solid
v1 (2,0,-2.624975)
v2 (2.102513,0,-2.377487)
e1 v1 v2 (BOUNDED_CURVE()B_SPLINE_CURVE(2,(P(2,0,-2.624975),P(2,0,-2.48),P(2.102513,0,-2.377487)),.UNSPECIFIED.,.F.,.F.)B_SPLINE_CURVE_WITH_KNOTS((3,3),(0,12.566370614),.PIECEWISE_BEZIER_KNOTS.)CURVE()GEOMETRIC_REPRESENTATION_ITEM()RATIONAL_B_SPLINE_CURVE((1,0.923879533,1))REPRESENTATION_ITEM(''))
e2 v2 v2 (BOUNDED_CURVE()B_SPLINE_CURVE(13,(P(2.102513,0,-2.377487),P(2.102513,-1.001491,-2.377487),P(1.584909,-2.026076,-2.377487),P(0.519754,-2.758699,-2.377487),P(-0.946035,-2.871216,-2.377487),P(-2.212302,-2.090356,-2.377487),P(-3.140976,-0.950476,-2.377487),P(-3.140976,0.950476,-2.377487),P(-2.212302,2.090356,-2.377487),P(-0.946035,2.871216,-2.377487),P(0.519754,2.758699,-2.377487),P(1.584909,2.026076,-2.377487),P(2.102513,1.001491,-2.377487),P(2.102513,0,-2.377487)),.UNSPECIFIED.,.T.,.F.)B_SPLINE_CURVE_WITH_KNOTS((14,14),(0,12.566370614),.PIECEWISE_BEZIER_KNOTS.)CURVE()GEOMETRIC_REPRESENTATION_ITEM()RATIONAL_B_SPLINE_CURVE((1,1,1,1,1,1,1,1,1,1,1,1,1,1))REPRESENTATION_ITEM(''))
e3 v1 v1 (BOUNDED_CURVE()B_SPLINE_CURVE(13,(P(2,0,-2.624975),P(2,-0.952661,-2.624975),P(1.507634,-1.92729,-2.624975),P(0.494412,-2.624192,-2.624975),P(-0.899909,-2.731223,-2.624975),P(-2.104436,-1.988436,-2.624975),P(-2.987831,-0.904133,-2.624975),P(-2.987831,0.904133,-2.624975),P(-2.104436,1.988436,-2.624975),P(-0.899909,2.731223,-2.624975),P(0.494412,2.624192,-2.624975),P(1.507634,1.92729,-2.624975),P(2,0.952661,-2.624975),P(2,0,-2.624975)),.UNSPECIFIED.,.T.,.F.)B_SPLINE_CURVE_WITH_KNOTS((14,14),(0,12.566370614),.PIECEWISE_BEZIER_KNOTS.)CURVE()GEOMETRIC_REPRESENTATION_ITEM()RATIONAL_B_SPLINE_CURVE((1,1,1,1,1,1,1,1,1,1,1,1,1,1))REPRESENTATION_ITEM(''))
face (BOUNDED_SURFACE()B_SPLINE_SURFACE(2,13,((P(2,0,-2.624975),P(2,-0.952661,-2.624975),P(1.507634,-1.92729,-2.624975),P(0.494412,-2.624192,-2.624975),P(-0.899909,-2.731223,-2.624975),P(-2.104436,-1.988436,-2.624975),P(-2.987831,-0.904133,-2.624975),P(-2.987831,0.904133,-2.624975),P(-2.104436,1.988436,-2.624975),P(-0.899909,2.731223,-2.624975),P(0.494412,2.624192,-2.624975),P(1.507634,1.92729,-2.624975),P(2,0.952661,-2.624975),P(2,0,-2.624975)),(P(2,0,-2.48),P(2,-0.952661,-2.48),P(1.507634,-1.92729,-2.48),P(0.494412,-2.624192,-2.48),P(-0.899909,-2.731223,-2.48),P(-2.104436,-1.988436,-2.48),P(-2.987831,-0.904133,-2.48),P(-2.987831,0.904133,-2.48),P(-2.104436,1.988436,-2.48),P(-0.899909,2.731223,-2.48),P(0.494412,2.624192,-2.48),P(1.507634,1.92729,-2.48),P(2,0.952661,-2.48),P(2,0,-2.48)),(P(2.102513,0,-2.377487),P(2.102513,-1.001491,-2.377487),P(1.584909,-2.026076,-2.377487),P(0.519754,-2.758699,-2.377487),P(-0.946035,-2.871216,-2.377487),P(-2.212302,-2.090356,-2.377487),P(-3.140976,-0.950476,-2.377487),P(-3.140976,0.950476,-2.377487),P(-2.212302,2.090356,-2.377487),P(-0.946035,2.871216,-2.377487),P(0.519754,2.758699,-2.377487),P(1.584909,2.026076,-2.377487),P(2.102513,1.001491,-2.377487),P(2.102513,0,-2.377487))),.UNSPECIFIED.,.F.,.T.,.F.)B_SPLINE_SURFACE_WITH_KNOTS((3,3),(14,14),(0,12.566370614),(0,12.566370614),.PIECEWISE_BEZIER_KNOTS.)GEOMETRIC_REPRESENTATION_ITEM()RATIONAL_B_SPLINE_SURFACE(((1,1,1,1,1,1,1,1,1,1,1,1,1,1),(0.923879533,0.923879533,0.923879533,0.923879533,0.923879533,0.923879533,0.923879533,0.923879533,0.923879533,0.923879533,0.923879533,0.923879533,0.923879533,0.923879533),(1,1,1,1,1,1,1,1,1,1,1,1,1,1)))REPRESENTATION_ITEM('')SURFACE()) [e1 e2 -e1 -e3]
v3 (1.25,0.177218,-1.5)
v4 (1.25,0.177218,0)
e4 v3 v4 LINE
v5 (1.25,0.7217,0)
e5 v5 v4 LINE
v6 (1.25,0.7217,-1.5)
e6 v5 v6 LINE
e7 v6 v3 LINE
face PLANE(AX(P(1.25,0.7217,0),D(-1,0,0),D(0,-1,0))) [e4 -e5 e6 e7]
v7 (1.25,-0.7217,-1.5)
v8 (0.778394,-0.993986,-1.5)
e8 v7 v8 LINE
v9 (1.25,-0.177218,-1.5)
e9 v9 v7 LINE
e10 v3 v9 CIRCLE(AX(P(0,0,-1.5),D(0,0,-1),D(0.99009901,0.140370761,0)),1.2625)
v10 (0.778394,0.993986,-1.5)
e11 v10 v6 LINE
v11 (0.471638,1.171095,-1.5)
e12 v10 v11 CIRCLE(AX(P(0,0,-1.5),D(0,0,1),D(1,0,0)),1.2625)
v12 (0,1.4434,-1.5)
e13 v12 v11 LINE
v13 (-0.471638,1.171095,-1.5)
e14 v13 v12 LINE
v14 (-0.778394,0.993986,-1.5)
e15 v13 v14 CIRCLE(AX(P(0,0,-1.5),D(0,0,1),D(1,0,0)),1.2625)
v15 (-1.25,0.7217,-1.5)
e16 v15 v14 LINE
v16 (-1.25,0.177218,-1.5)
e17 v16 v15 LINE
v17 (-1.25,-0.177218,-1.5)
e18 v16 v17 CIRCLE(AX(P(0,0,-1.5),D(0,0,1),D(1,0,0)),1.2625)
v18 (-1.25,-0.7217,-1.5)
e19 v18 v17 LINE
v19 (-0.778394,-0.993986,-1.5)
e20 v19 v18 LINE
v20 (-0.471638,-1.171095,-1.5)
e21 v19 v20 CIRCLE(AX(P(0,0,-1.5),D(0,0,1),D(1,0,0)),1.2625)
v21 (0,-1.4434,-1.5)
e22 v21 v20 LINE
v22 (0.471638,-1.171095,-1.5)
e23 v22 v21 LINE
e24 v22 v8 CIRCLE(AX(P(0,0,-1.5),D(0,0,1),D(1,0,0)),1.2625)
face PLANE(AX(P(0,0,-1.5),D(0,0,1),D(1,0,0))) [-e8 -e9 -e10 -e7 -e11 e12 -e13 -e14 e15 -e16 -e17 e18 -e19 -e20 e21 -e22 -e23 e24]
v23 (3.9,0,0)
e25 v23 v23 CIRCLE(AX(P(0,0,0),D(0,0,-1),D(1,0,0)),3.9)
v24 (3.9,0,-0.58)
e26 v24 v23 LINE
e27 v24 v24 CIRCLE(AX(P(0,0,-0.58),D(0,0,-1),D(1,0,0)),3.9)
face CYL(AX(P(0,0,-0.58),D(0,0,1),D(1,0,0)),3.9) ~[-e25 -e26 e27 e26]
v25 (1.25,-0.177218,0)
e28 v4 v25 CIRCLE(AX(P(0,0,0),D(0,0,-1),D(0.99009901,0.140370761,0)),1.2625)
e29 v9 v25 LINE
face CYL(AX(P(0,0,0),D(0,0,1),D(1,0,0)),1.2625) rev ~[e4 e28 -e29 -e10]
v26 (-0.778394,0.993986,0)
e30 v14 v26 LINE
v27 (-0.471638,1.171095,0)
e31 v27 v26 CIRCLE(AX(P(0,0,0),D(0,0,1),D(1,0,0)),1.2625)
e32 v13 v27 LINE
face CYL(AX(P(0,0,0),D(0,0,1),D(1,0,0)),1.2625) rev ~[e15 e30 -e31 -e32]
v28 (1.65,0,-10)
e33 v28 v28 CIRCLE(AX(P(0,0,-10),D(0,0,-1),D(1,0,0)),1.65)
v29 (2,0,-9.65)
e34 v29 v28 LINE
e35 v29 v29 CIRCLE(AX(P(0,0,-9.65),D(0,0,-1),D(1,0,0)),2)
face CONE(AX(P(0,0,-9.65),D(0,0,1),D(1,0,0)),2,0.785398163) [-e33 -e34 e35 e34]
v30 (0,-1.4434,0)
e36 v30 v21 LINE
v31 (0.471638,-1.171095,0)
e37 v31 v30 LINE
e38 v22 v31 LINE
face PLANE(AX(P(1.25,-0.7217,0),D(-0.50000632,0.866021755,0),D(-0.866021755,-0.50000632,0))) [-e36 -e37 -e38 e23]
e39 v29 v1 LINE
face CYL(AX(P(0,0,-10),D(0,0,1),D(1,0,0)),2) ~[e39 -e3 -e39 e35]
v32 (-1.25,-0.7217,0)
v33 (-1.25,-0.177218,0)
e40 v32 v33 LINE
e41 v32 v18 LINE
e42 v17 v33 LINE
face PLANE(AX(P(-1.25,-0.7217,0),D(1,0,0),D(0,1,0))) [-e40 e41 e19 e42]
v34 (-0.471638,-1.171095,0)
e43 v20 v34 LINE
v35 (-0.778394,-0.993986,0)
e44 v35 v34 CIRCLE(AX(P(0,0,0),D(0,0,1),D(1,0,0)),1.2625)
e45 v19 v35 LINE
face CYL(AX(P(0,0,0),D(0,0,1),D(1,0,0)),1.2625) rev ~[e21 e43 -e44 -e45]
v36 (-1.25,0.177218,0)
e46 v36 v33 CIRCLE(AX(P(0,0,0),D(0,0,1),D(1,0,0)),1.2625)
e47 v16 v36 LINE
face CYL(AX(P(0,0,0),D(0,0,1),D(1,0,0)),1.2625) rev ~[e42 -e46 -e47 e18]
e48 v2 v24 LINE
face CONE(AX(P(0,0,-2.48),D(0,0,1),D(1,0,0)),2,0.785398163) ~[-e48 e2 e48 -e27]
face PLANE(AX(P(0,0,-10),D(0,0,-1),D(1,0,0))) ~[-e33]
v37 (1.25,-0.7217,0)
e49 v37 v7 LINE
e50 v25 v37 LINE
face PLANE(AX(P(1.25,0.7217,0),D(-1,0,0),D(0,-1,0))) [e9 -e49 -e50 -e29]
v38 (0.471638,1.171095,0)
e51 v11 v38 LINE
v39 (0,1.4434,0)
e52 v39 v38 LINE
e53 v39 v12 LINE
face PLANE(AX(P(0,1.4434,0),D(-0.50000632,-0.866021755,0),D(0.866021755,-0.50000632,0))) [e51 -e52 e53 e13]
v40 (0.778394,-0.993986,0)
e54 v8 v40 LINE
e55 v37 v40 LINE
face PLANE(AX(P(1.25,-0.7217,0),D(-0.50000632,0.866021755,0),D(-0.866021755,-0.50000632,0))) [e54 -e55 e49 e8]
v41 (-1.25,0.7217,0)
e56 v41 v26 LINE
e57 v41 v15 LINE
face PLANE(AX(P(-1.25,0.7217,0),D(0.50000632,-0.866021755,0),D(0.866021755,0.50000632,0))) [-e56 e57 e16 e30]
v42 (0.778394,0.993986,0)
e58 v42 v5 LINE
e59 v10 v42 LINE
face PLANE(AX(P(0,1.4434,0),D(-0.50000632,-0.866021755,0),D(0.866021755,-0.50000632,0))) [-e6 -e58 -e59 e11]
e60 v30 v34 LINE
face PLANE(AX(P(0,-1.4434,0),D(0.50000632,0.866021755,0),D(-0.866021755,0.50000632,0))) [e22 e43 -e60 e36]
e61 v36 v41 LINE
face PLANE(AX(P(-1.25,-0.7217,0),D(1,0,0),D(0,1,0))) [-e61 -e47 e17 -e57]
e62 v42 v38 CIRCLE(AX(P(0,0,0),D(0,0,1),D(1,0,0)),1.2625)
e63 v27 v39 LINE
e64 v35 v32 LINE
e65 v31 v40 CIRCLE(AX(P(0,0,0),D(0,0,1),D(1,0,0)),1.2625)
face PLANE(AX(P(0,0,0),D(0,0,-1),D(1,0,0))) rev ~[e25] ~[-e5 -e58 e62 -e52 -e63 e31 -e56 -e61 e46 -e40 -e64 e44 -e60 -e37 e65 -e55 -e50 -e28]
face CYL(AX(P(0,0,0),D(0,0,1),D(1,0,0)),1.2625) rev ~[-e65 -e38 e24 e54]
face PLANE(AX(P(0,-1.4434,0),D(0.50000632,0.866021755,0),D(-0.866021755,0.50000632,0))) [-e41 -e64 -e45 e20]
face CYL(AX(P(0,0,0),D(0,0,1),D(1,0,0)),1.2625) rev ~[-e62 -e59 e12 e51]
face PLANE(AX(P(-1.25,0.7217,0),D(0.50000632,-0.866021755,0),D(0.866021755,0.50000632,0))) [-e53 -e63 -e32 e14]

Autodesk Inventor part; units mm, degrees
ref_plane "YZ Plane" through (0, 0, 0) normal (1, 0, 0) x (0, 1, 0)
sketch "Esquisse2" plane through (0, 0, 0) normal (0, 1, 0) x (-1, 0, 0)
  line L0 (0, -10) -> (-2, -10)
  line L1 (0, 0) -> (0, -10)
  line L2 (-3.9, 0) -> (0, 0)
  line L3 (-3.9, -0.58) -> (-3.9, 0)
  line L4 (-2, -2.48) -> (-3.9, -0.58)
  line L5 (-2, -10) -> (-2, -2.48)
  line L6 (0, 0) -> (0, -10)
  dimension "d2" = 45
  dimension "d4" = 2
  dimension "d6" = 3.9
  dimension "d8" = 2.48
  dimension "d10" = 10
revolve "Révolution1" add sketch "Esquisse2" angle 360 about axis through (0, 0, 0) along (0, 0, -1)
fillet "Congé1" radius 0.35 1 edges at (-2, 0, -2.48)
chamfer "Chanfrein1" distance 0.35 angle 45 1 edges at (-2, 0, -10)
sketch "Esquisse4" plane through (0, 0, 0) normal (0, 0, 1) x (1, 0, 0)
  circle A0 centre (0, 0) radius 3.9 projected
  circle A1 centre (0, 0) radius 1.25 construction
  line L0 (-1.25, -0.7217) -> (-1.25, 0.7217)
  line L1 (-1.25, 0.7217) -> (0, 1.4434)
  line L2 (0, 1.4434) -> (1.25, 0.7217)
  line L3 (1.25, 0.7217) -> (1.25, -0.7217)
  line L4 (1.25, -0.7217) -> (0, -1.4434)
  line L5 (0, -1.4434) -> (-1.25, -0.7217)
  dimension "d27" = 2.5
extrude "Extrusion1" cut sketch "Esquisse4" against normal blind 1.5 contours L0 L1 L2 L3 L4 L5
sketch "Esquisse5" plane through (0, 0, 0) normal (0, 0, 1) x (1, 0, 0)
  circle A0 centre (0, 0) radius 3.9 projected
  circle A1 centre (0, 0) radius 1.2625
  dimension "d38" = 2.525
extrude "Extrusion2" cut sketch "Esquisse5" against normal blind 1.5 contours A1
thread "Filetage1" size "M4x0.7" class "4g6g" standard "ANSI Metric M Profile" length 6.12
ref_plane "MSC_PF1" through (0, 0, 0) normal (1, 0, 0) x (0, 1, 0)
ref_plane "MSC_PT1" through (3.9, 0, -0.58) normal (0, 0, -1) x (-1, 0, 0)
equation "\"d4\" = 0.5 * NND"
equation "\"d6\" = 0.5 * ParA"
equation "\"d8\" = ParH"
equation "\"d10\" = NLG"
equation "\"d27\" = ParJ"
equation "\"d39\" = Tt"
equation "\"d24\" = Rr"
equation "\"d25\" = 0.5 * PTC"
equation "\"d26\" = 0.5 * PTC"
equation "\"d28\" = Tt"
equation "\"d31\" = Lt"
equation "\"d38\" = 1.01 * ParJ"
equation "\"NND\" = 4"
equation "\"NLG\" = 10"
equation "\"PTC\" = 0.7"
equation "\"ParA\" = 7.8"
equation "\"ParH\" = 2.48"
equation "\"ParJ\" = 2.5"
equation "\"Tt\" = 1.5"
equation "\"Rr\" = 0.35"
equation "\"msp_e\" = 0.288675 * ParJ"
equation "\"Lt\" = 6.12"
equation "\"THREADDIA\" = NND"
properties part number "ASME/ANSI B18.3.5M - M4x10(2)" material "Acier, doux"
